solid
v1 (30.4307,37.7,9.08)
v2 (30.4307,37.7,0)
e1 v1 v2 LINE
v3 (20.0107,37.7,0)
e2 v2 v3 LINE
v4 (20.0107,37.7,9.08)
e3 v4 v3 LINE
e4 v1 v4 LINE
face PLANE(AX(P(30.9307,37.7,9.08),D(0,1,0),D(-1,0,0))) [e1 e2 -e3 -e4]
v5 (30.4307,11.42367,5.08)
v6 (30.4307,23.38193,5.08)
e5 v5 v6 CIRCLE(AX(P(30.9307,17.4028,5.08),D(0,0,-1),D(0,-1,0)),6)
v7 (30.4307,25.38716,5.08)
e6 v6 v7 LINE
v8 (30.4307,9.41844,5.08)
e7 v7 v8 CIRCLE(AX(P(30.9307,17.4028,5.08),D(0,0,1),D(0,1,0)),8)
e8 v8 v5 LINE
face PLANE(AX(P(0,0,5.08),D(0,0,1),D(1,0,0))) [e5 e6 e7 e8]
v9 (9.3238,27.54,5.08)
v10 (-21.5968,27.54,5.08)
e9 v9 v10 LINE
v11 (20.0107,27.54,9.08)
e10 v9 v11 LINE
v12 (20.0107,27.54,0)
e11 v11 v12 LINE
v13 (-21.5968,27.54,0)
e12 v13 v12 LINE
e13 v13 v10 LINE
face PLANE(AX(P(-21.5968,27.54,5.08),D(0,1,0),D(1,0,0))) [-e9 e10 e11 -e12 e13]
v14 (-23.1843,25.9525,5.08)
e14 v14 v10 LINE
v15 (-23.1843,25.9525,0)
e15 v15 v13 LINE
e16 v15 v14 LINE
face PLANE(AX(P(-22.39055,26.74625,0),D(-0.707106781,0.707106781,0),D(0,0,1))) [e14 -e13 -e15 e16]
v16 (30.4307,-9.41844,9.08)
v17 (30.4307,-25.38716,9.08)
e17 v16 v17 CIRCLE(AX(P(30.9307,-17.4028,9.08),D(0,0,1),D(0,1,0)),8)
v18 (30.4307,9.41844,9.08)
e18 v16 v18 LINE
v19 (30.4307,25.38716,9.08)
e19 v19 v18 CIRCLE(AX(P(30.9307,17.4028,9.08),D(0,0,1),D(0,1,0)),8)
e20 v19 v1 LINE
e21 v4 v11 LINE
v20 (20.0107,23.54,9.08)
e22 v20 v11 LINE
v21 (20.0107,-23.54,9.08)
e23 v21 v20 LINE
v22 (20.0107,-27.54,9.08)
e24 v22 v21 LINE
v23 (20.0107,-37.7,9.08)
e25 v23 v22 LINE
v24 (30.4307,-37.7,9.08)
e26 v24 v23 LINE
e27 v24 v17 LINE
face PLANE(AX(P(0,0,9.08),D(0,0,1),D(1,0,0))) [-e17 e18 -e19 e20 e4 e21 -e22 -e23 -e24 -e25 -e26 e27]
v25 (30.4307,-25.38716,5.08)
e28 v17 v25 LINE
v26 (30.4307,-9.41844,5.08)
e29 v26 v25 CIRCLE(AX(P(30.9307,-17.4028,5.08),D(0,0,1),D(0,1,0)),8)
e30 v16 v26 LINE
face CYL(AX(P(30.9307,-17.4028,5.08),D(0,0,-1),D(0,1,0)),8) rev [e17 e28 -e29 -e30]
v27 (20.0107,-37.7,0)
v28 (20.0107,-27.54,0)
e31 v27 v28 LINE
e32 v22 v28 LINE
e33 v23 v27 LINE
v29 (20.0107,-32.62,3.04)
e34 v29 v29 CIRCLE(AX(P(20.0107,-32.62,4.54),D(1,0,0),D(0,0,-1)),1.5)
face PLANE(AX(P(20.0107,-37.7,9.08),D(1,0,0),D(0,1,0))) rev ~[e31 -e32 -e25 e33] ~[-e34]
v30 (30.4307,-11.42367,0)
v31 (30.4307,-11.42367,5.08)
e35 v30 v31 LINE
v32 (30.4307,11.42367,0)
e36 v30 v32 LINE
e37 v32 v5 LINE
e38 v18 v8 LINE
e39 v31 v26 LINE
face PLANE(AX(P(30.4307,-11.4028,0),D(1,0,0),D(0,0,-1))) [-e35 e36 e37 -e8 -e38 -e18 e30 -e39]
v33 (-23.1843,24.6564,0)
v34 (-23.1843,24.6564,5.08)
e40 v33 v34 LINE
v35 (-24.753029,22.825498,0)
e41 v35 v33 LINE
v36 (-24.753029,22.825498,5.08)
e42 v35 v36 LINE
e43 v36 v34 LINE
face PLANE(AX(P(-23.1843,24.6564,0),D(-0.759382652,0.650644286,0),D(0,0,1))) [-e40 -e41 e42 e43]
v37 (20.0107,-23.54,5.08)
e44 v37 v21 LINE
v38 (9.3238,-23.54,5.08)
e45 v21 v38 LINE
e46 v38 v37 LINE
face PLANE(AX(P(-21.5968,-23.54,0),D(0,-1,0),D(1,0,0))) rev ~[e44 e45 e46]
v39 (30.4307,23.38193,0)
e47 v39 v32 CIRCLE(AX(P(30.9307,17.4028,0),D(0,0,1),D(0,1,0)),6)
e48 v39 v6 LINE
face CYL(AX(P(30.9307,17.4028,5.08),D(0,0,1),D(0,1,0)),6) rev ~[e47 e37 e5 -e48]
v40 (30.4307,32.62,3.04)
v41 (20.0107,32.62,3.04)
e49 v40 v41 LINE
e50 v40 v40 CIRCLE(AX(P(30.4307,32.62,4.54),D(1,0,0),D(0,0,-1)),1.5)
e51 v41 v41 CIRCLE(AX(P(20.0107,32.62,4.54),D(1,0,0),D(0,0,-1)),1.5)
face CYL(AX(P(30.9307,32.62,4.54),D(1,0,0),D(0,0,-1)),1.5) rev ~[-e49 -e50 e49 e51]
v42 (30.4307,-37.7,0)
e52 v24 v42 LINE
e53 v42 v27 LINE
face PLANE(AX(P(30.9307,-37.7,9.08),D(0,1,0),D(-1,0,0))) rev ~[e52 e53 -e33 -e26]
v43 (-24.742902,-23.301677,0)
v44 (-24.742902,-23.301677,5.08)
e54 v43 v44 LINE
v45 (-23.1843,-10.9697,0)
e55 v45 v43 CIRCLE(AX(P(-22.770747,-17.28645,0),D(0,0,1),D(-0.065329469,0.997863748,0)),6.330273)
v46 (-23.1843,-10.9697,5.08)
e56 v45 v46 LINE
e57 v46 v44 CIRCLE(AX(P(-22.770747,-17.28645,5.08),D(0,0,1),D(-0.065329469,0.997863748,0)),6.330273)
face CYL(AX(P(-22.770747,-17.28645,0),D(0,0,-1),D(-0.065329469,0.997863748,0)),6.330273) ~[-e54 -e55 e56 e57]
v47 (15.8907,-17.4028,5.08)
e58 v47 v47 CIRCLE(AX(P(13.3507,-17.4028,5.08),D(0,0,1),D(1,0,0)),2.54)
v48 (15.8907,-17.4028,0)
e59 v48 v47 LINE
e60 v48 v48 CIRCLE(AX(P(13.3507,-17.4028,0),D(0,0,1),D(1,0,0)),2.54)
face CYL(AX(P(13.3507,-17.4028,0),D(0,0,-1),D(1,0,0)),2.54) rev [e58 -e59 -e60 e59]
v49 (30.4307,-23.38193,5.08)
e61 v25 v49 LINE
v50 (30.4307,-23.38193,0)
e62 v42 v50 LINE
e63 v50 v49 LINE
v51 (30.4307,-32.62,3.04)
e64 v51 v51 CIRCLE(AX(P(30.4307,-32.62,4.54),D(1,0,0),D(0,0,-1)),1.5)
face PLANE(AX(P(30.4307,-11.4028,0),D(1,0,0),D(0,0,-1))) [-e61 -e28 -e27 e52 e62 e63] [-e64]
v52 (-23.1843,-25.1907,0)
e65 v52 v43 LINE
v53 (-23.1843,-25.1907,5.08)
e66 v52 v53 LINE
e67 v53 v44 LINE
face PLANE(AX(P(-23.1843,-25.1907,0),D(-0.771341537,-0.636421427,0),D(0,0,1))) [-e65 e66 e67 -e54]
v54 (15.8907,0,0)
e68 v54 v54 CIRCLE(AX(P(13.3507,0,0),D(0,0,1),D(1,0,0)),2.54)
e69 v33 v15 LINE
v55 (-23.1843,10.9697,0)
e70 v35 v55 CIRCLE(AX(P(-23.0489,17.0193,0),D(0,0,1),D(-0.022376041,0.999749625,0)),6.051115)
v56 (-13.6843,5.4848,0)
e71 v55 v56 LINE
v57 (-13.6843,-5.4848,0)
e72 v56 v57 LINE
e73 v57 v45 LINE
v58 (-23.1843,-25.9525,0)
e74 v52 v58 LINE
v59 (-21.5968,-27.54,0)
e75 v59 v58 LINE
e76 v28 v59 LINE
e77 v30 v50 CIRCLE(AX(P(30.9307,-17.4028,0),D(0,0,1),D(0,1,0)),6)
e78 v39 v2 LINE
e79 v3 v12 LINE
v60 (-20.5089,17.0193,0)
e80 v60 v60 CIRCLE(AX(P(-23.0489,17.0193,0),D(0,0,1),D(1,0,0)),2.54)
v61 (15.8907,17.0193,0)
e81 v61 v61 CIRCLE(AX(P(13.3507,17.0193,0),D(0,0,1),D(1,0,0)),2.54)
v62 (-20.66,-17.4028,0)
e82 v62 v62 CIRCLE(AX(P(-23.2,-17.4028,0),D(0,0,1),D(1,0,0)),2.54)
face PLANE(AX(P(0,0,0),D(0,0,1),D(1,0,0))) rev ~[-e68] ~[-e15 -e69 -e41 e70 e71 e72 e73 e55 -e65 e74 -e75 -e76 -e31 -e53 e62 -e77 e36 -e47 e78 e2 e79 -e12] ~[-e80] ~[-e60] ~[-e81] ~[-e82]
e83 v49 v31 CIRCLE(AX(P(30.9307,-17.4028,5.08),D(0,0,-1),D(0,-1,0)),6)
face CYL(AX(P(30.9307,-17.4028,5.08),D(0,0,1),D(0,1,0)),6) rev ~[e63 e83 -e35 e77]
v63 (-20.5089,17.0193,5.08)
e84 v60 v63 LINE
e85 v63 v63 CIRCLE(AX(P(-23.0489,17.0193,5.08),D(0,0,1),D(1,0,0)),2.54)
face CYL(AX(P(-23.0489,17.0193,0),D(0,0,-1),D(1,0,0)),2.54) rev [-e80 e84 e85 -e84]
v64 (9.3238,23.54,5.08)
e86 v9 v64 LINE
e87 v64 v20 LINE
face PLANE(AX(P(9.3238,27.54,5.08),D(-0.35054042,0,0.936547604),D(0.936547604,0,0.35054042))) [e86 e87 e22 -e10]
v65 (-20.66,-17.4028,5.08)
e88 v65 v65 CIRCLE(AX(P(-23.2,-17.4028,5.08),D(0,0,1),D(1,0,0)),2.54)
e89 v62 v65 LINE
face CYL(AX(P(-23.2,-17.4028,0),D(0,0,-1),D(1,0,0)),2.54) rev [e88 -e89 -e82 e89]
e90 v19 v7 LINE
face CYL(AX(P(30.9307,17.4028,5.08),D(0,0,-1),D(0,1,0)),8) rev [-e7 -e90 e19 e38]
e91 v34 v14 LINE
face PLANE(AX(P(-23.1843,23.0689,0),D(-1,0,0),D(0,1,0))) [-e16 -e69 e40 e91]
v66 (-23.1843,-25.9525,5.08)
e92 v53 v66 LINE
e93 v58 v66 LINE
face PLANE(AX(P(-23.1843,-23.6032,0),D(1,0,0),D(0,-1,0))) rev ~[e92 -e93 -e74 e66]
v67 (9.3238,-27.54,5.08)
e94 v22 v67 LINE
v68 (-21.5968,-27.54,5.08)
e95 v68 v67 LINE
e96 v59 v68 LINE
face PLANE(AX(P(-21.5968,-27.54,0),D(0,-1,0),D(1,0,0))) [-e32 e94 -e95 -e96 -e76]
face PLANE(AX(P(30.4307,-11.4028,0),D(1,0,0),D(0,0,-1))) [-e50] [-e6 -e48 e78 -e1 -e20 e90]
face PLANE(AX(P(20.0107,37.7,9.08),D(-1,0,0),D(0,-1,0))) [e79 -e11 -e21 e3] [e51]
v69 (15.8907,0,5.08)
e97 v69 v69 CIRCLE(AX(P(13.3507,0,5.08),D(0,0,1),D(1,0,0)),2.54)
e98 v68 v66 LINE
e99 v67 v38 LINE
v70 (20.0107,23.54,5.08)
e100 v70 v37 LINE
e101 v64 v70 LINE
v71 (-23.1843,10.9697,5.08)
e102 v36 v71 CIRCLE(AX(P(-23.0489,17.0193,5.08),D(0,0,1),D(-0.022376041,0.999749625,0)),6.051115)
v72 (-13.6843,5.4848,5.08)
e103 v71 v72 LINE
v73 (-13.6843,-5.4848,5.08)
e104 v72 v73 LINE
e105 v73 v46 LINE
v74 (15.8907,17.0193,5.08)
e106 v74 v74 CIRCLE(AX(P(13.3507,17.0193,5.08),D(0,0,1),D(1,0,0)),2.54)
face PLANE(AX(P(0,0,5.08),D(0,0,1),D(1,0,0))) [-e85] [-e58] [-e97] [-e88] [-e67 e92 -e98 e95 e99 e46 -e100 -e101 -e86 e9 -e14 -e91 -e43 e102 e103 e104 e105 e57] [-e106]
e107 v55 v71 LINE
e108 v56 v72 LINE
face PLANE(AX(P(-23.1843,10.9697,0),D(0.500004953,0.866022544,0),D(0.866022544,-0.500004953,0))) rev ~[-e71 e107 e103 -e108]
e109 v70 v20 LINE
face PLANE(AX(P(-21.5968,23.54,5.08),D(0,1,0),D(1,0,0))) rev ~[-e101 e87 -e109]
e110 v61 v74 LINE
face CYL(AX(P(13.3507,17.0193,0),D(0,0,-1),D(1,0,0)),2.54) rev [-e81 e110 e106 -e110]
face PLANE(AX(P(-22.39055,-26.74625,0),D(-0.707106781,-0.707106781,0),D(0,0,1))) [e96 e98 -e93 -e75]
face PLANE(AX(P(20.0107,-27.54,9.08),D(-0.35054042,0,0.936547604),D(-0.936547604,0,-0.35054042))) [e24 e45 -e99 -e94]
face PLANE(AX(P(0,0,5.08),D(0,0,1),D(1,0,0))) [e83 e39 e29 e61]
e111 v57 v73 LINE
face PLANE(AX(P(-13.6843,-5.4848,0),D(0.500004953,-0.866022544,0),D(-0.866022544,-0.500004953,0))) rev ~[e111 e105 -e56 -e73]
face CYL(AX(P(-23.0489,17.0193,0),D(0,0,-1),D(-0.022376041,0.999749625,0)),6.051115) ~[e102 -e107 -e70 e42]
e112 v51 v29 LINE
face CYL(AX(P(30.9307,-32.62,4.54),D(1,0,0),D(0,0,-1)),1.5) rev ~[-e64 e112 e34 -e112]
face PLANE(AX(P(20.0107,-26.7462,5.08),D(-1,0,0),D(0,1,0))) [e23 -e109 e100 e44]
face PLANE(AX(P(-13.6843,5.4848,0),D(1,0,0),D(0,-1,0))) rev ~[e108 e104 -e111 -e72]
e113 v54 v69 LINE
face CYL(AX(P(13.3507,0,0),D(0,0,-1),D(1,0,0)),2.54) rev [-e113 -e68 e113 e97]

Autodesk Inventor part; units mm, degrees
ref_plane "YZ Plane" through (0, 0, 0) normal (1, 0, 0) x (0, 1, 0)
ref_plane "XZ Plane" through (0, 0, 0) normal (0, 1, 0) x (-1, 0, 0)
sketch "Sketch1" plane through (0, 0, 0) normal (0, 0, 1) x (1, 0, 0)
  line L0 (-13.6843, -5.4848) -> (-23.1843, -10.9697) projected
  line L1 (-23.1843, -10.9697) -> (-32.6843, -5.4848) projected
  line L2 (-32.6843, -5.4848) -> (-32.6843, 5.4848) projected
  line L3 (-32.6843, 5.4848) -> (-23.1843, 10.9697) projected
  line L4 (-23.1843, 10.9697) -> (-13.6843, 5.4848) projected
  line L5 (-13.6843, 5.4848) -> (-13.6843, -5.4848) projected
  circle A0 centre (13.3507, 17.0193) radius 2.54 projected
  circle A1 centre (13.3507, -17.4028) radius 2.54 projected
  circle A2 centre (13.3507, 0) radius 2.54 projected
  circle A3 centre (-23.0489, 17.0193) radius 2.54 projected
  circle A4 centre (-23.2, -17.4028) radius 2.54 projected
  line L6 (-54.6393, -27.54) -> (18.4307, -27.54) projected
  line L7 (18.4307, -27.54) -> (18.4307, 27.54) projected
  line L8 (-54.6393, 27.54) -> (18.4307, 27.54) projected
  line L9 (-54.6393, -27.54) -> (-54.6393, 27.54) projected
  arc A5 (-23.1843, 23.0689) -> (-23.1843, 10.9697) centre (-23.0489, 17.0193) ccw
  line L10 (-23.1843, 10.9697) -> (-13.6843, 5.4848)
  line L11 (-13.6843, 5.4848) -> (-13.6843, -5.4848)
  line L12 (-13.6843, -5.4848) -> (-23.1843, -10.9697)
  line L13 (-23.1843, -23.6032) -> (-23.1843, -27.54)
  line L14 (-23.1843, 23.0689) -> (-23.1843, 27.54)
  line L15 (-23.1843, -27.54) -> (18.4307, -27.54)
  line L16 (18.4307, -27.54) -> (18.4307, 27.54)
  line L17 (18.4307, 27.54) -> (-23.1843, 27.54)
  arc A6 (-23.1843, -10.9697) -> (-23.1843, -23.6032) centre (-22.7708, -17.2864) ccw
  point P0 (0, 0)
extrude "Extrusion1" add sketch "Sketch1" along normal blind 5.08 contours L5 L4 A5 L14 L8 L7 L6 L13 A6 L0
chamfer "Chamfer1" distance 1.5875 angle 45 4 edges at (-23.1843, -27.54, 2.54) (-23.1843, 27.54, 2.54) (-23.1843, 23.0689, 2.54) (-23.1843, -23.6032, 2.54)
sketch "Sketch2" plane through (18.4307, -27.54, 0) normal (1, 0, 0) x (0, 0, -1)
  line L0 (25.4, 55.08) -> (25.4, 29.5535) projected
  line L1 (25.4, 29.5535) -> (38.1, 29.5535)
  point P0 (0, 27.54)
  dimension "d5" = 12.7
sketch "Sketch3" plane through (0, 0, 5.08) normal (0, 0, 1) x (1, 0, 0)
  line L0 (-23.1843, 25.9525) -> (-21.5968, 27.54) projected
  line L1 (-23.1843, 25.9525) -> (-23.1843, 24.6564) projected
  line L2 (-24.753, 22.8255) -> (-23.1843, 24.6564) projected
  arc A0 (-24.753, 22.8255) -> (-23.1843, 10.9697) centre (-23.0489, 17.0193) ccw projected
  line L3 (-23.1843, 10.9697) -> (-13.6843, 5.4848) projected
  line L4 (-13.6843, 5.4848) -> (-13.6843, -5.4848) projected
  line L5 (-13.6843, -5.4848) -> (-23.1843, -10.9697) projected
  arc A1 (-23.1843, -10.9697) -> (-24.7429, -23.3017) centre (-22.7708, -17.2864) ccw projected
  line L6 (-23.1843, -25.1907) -> (-24.7429, -23.3017) projected
  line L7 (-23.1843, -25.1907) -> (-23.1843, -25.9525) projected
  line L8 (-21.5968, -27.54) -> (-23.1843, -25.9525) projected
  line L9 (-21.5968, -27.54) -> (18.4307, -27.54) projected
  line L10 (18.4307, -27.54) -> (18.4307, 27.54) projected
  line L11 (18.4307, 27.54) -> (-21.5968, 27.54) projected
  circle A2 centre (-23.2, -17.4028) radius 2.54 projected
  circle A3 centre (-23.0489, 17.0193) radius 2.54 projected
  circle A4 centre (13.3507, 0) radius 2.54 projected
  circle A5 centre (13.3507, -17.4028) radius 2.54 projected
  circle A6 centre (13.3507, 17.0193) radius 2.54 projected
  line L12 (18.4307, -17.4028) -> (24.9307, -17.4028)
  line L13 (24.9307, -17.4028) -> (30.9307, -17.4028)
  arc A7 (30.9307, -11.4028) -> (30.9307, -23.4028) centre (30.9307, -17.4028) ccw
  line L14 (30.9307, -23.4028) -> (30.9307, -27.54)
  line L15 (30.9307, -27.54) -> (18.4307, -27.54)
  line L16 (18.4307, 0) -> (20.9229, 0)
  line L17 (18.4307, 17.4028) -> (24.9307, 17.4028)
  line L18 (24.9307, 17.4028) -> (30.9307, 17.4028)
  arc A8 (30.9307, 23.4028) -> (30.9307, 11.4028) centre (30.9307, 17.4028) ccw
  line L19 (30.9307, 23.4028) -> (30.9307, 27.54)
  line L20 (30.9307, 27.54) -> (18.4307, 27.54)
  line L21 (30.9307, -11.4028) -> (30.9307, 11.4028)
  point P0 (0, 0)
  dimension "d6" = 6.5
  dimension "d7" = 6
  dimension "d8" = 6
ref_plane "Work Plane1" through (-54.6393, -27.54, 0) normal (0, 0, 1) x (1, 0, 0)
extrude "Extrusion2" add sketch "Sketch3" against normal up to surface (5.08 mm away) contours L20 L19 A8 L17 L10 | L17 A8 L21 A7 L12 L10 | L12 A7 L14 L15 L10
sketch "Sketch4" plane through (0, 0, 5.08) normal (0, 0, 1) x (1, 0, 0)
  line L0 (-23.1843, 25.9525) -> (-21.5968, 27.54) projected
  line L1 (-23.1843, 25.9525) -> (-23.1843, 24.6564) projected
  line L2 (-24.753, 22.8255) -> (-23.1843, 24.6564) projected
  arc A0 (-24.753, 22.8255) -> (-23.1843, 10.9697) centre (-23.0489, 17.0193) ccw projected
  line L3 (-23.1843, 10.9697) -> (-13.6843, 5.4848) projected
  line L4 (-13.6843, 5.4848) -> (-13.6843, -5.4848) projected
  line L5 (-13.6843, -5.4848) -> (-23.1843, -10.9697) projected
  arc A1 (-23.1843, -10.9697) -> (-24.7429, -23.3017) centre (-22.7708, -17.2864) ccw projected
  line L6 (-23.1843, -25.1907) -> (-24.7429, -23.3017) projected
  line L7 (-23.1843, -25.1907) -> (-23.1843, -25.9525) projected
  line L8 (-21.5968, -27.54) -> (-23.1843, -25.9525) projected
  line L9 (-21.5968, -27.54) -> (30.9307, -27.54) projected
  line L10 (30.9307, -27.54) -> (30.9307, -23.4028) projected
  arc A2 (30.9307, -11.4028) -> (30.9307, -23.4028) centre (30.9307, -17.4028) ccw projected
  line L11 (30.9307, -11.4028) -> (30.9307, 11.4028) projected
  arc A3 (30.9307, 23.4028) -> (30.9307, 11.4028) centre (30.9307, 17.4028) ccw projected
  line L12 (30.9307, 23.4028) -> (30.9307, 27.54) projected
  line L13 (30.9307, 27.54) -> (-21.5968, 27.54) projected
  circle A4 centre (-23.2, -17.4028) radius 2.54 projected
  circle A5 centre (-23.0489, 17.0193) radius 2.54 projected
  circle A6 centre (13.3507, 0) radius 2.54 projected
  circle A7 centre (13.3507, -17.4028) radius 2.54 projected
  circle A8 centre (13.3507, 17.0193) radius 2.54 projected
  line L14 (30.9307, -23.4028) -> (30.9307, -27.54) projected
  arc A9 (30.9307, -9.4028) -> (30.9307, -25.4028) centre (30.9307, -17.4028) ccw
  arc A10 (30.9307, 23.4028) -> (30.9307, 11.4028) centre (30.9307, 17.4028) ccw projected
  line L15 (30.9307, -11.4028) -> (30.9307, 11.4028) projected
  arc A11 (30.9307, 25.4028) -> (30.9307, 9.4028) centre (30.9307, 17.4028) ccw
  line L16 (-21.5968, -27.54) -> (30.9307, -27.54) projected
  line L17 (20.0107, -27.54) -> (20.0107, 27.54)
  line L18 (30.9307, 27.54) -> (-21.5968, 27.54) projected
  line L19 (20.0107, -26.7462) -> (20.0107, -27.54)
  line L20 (-21.5968, -27.54) -> (30.9307, -27.54) projected
  line L21 (20.0107, -27.54) -> (30.9307, -27.54)
  line L22 (30.9307, -27.54) -> (30.9307, -23.4028) projected
  line L23 (30.9307, -25.4028) -> (30.9307, -27.54)
  line L24 (30.9307, -9.4028) -> (30.9307, 9.4028)
  line L25 (20.0107, 27.54) -> (30.9307, 27.54)
  line L26 (30.9307, 27.54) -> (30.9307, 25.4028)
  line L27 (30.9307, 23.4028) -> (30.9307, 27.54) projected
  point P0 (0, 0)
  dimension "d11" = 8
  dimension "d12" = 8
extrude "Extrusion3" add sketch "Sketch4" along normal blind 4 contours L13 L12 A11 L11 A9 L10 L9 L17
sketch "Sketch5" plane through (-21.5968, -27.54, 0) normal (0, -1, 0) x (1, 0, 0)
  point P0 (21.5968, 0)
sketch "Sketch6" plane through (-21.5968, -27.54, 0) normal (0, -1, 0) x (1, 0, 0)
  line L0 (0, 0) -> (0, 5.08) projected
  line L1 (0, 0) -> (52.5275, 0) projected
  line L2 (52.5275, 0) -> (52.5275, 9.08) projected
  line L3 (41.6075, 9.08) -> (52.5275, 9.08) projected
  line L4 (41.6075, 5.08) -> (41.6075, 9.08) projected
  line L5 (0, 5.08) -> (41.6075, 5.08) projected
  line L6 (41.6075, 5.08) -> (41.6075, 9.08) projected
  line L7 (41.6075, 9.08) -> (30.9206, 5.08)
  line L8 (0, 5.08) -> (41.6075, 5.08) projected
  point P0 (21.5968, 0)
extrude "Extrusion4" add sketch "Sketch6" against normal blind 4 contours L7 L4 L5
sketch "Sketch7" plane through (-21.5968, 27.54, 5.08) normal (0, 1, 0) x (1, 0, 0)
  line L0 (41.6075, 0) -> (41.6075, -4) projected
  line L1 (30.9206, 0) -> (41.6075, 0) projected
  line L2 (30.9206, 0) -> (41.6075, -4) projected
  point P0 (21.5968, 5.08)
extrude "Extrusion5" add sketch "Sketch7" against normal blind 4
sketch "Sketch8" plane through (0, 0, 9.08) normal (0, 0, 1) x (1, 0, 0)
  line L0 (30.9307, -27.54) -> (30.9307, -25.4028) projected
  arc A0 (30.9307, -9.4028) -> (30.9307, -25.4028) centre (30.9307, -17.4028) ccw projected
  line L1 (30.9307, -9.4028) -> (30.9307, 9.4028) projected
  arc A1 (30.9307, 25.4028) -> (30.9307, 9.4028) centre (30.9307, 17.4028) ccw projected
  line L2 (30.9307, 25.4028) -> (30.9307, 27.54) projected
  line L3 (30.9307, 27.54) -> (20.0107, 27.54) projected
  line L4 (20.0107, 27.54) -> (20.0107, 23.54) projected
  line L5 (20.0107, 23.54) -> (20.0107, -23.54) projected
  line L6 (20.0107, -23.54) -> (20.0107, -27.54) projected
  line L7 (20.0107, -27.54) -> (30.9307, -27.54) projected
  line L8 (20.0107, 27.54) -> (30.9307, 27.54)
  line L9 (30.9307, 27.54) -> (30.9307, 37.7)
  line L10 (30.9307, 37.7) -> (20.0107, 37.7)
  line L11 (20.0107, 37.7) -> (20.0107, 27.54)
  line L12 (20.0107, -27.54) -> (30.9307, -27.54) projected
  line L13 (20.0107, -27.54) -> (30.9307, -27.54)
  line L14 (30.9307, -27.54) -> (30.9307, -37.7)
  line L15 (30.9307, -37.7) -> (20.0107, -37.7)
  line L16 (20.0107, -37.7) -> (20.0107, -27.54)
  point P0 (0, 0)
  dimension "d19" = 10.16
  dimension "d20" = 10.16
extrude "Extrusion6" add sketch "Sketch8" against normal up to surface (9.08 mm away) contours L14 L15 L16 L7 | L11 L10 L9 L3
sketch "Sketch9" plane through (30.9307, -23.4028, 5.08) normal (1, 0, 0) x (0, 0, -1)
  line L0 (5.08, 50.9428) -> (5.08, 61.1028) projected
  line L1 (-4, 50.9428) -> (5.08, 50.9428) projected
  line L2 (-4, 61.1028) -> (-4, 50.9428) projected
  line L3 (-4, 61.1028) -> (5.08, 61.1028) projected
  line L4 (5.08, -14.2972) -> (5.08, -4.1372) projected
  line L5 (-4, -14.2972) -> (5.08, -14.2972) projected
  line L6 (-4, -4.1372) -> (-4, -14.2972) projected
  line L7 (5.08, -4.1372) -> (-4, -4.1372) projected
  circle A0 centre (0.54, -9.2172) radius 1.5
  circle A1 centre (0.54, 56.0228) radius 1.5
  point P0 (5.08, 23.4028)
  dimension "d23" = 3
  dimension "d24" = 3
extrude "Extrusion7" cut sketch "Sketch9" against normal blind 18.2875 contours A0 | A1
sketch "Sketch10" plane through (30.9307, -11.4028, 0) normal (1, 0, 0) x (0, 0, -1)
  line L0 (-12.4469, -33.6461) -> (5.8759, -33.6461)
  line L1 (5.8759, -33.6461) -> (5.8759, 55.3145)
  line L2 (5.8759, 55.3145) -> (-12.4469, 55.3145)
  line L3 (-12.4469, 55.3145) -> (-12.4469, -33.6461)
  point P0 (0, 11.4028)
extrude "Extrusion8" cut sketch "Sketch10" against normal blind 0.5
properties part number "Hotend mount"
